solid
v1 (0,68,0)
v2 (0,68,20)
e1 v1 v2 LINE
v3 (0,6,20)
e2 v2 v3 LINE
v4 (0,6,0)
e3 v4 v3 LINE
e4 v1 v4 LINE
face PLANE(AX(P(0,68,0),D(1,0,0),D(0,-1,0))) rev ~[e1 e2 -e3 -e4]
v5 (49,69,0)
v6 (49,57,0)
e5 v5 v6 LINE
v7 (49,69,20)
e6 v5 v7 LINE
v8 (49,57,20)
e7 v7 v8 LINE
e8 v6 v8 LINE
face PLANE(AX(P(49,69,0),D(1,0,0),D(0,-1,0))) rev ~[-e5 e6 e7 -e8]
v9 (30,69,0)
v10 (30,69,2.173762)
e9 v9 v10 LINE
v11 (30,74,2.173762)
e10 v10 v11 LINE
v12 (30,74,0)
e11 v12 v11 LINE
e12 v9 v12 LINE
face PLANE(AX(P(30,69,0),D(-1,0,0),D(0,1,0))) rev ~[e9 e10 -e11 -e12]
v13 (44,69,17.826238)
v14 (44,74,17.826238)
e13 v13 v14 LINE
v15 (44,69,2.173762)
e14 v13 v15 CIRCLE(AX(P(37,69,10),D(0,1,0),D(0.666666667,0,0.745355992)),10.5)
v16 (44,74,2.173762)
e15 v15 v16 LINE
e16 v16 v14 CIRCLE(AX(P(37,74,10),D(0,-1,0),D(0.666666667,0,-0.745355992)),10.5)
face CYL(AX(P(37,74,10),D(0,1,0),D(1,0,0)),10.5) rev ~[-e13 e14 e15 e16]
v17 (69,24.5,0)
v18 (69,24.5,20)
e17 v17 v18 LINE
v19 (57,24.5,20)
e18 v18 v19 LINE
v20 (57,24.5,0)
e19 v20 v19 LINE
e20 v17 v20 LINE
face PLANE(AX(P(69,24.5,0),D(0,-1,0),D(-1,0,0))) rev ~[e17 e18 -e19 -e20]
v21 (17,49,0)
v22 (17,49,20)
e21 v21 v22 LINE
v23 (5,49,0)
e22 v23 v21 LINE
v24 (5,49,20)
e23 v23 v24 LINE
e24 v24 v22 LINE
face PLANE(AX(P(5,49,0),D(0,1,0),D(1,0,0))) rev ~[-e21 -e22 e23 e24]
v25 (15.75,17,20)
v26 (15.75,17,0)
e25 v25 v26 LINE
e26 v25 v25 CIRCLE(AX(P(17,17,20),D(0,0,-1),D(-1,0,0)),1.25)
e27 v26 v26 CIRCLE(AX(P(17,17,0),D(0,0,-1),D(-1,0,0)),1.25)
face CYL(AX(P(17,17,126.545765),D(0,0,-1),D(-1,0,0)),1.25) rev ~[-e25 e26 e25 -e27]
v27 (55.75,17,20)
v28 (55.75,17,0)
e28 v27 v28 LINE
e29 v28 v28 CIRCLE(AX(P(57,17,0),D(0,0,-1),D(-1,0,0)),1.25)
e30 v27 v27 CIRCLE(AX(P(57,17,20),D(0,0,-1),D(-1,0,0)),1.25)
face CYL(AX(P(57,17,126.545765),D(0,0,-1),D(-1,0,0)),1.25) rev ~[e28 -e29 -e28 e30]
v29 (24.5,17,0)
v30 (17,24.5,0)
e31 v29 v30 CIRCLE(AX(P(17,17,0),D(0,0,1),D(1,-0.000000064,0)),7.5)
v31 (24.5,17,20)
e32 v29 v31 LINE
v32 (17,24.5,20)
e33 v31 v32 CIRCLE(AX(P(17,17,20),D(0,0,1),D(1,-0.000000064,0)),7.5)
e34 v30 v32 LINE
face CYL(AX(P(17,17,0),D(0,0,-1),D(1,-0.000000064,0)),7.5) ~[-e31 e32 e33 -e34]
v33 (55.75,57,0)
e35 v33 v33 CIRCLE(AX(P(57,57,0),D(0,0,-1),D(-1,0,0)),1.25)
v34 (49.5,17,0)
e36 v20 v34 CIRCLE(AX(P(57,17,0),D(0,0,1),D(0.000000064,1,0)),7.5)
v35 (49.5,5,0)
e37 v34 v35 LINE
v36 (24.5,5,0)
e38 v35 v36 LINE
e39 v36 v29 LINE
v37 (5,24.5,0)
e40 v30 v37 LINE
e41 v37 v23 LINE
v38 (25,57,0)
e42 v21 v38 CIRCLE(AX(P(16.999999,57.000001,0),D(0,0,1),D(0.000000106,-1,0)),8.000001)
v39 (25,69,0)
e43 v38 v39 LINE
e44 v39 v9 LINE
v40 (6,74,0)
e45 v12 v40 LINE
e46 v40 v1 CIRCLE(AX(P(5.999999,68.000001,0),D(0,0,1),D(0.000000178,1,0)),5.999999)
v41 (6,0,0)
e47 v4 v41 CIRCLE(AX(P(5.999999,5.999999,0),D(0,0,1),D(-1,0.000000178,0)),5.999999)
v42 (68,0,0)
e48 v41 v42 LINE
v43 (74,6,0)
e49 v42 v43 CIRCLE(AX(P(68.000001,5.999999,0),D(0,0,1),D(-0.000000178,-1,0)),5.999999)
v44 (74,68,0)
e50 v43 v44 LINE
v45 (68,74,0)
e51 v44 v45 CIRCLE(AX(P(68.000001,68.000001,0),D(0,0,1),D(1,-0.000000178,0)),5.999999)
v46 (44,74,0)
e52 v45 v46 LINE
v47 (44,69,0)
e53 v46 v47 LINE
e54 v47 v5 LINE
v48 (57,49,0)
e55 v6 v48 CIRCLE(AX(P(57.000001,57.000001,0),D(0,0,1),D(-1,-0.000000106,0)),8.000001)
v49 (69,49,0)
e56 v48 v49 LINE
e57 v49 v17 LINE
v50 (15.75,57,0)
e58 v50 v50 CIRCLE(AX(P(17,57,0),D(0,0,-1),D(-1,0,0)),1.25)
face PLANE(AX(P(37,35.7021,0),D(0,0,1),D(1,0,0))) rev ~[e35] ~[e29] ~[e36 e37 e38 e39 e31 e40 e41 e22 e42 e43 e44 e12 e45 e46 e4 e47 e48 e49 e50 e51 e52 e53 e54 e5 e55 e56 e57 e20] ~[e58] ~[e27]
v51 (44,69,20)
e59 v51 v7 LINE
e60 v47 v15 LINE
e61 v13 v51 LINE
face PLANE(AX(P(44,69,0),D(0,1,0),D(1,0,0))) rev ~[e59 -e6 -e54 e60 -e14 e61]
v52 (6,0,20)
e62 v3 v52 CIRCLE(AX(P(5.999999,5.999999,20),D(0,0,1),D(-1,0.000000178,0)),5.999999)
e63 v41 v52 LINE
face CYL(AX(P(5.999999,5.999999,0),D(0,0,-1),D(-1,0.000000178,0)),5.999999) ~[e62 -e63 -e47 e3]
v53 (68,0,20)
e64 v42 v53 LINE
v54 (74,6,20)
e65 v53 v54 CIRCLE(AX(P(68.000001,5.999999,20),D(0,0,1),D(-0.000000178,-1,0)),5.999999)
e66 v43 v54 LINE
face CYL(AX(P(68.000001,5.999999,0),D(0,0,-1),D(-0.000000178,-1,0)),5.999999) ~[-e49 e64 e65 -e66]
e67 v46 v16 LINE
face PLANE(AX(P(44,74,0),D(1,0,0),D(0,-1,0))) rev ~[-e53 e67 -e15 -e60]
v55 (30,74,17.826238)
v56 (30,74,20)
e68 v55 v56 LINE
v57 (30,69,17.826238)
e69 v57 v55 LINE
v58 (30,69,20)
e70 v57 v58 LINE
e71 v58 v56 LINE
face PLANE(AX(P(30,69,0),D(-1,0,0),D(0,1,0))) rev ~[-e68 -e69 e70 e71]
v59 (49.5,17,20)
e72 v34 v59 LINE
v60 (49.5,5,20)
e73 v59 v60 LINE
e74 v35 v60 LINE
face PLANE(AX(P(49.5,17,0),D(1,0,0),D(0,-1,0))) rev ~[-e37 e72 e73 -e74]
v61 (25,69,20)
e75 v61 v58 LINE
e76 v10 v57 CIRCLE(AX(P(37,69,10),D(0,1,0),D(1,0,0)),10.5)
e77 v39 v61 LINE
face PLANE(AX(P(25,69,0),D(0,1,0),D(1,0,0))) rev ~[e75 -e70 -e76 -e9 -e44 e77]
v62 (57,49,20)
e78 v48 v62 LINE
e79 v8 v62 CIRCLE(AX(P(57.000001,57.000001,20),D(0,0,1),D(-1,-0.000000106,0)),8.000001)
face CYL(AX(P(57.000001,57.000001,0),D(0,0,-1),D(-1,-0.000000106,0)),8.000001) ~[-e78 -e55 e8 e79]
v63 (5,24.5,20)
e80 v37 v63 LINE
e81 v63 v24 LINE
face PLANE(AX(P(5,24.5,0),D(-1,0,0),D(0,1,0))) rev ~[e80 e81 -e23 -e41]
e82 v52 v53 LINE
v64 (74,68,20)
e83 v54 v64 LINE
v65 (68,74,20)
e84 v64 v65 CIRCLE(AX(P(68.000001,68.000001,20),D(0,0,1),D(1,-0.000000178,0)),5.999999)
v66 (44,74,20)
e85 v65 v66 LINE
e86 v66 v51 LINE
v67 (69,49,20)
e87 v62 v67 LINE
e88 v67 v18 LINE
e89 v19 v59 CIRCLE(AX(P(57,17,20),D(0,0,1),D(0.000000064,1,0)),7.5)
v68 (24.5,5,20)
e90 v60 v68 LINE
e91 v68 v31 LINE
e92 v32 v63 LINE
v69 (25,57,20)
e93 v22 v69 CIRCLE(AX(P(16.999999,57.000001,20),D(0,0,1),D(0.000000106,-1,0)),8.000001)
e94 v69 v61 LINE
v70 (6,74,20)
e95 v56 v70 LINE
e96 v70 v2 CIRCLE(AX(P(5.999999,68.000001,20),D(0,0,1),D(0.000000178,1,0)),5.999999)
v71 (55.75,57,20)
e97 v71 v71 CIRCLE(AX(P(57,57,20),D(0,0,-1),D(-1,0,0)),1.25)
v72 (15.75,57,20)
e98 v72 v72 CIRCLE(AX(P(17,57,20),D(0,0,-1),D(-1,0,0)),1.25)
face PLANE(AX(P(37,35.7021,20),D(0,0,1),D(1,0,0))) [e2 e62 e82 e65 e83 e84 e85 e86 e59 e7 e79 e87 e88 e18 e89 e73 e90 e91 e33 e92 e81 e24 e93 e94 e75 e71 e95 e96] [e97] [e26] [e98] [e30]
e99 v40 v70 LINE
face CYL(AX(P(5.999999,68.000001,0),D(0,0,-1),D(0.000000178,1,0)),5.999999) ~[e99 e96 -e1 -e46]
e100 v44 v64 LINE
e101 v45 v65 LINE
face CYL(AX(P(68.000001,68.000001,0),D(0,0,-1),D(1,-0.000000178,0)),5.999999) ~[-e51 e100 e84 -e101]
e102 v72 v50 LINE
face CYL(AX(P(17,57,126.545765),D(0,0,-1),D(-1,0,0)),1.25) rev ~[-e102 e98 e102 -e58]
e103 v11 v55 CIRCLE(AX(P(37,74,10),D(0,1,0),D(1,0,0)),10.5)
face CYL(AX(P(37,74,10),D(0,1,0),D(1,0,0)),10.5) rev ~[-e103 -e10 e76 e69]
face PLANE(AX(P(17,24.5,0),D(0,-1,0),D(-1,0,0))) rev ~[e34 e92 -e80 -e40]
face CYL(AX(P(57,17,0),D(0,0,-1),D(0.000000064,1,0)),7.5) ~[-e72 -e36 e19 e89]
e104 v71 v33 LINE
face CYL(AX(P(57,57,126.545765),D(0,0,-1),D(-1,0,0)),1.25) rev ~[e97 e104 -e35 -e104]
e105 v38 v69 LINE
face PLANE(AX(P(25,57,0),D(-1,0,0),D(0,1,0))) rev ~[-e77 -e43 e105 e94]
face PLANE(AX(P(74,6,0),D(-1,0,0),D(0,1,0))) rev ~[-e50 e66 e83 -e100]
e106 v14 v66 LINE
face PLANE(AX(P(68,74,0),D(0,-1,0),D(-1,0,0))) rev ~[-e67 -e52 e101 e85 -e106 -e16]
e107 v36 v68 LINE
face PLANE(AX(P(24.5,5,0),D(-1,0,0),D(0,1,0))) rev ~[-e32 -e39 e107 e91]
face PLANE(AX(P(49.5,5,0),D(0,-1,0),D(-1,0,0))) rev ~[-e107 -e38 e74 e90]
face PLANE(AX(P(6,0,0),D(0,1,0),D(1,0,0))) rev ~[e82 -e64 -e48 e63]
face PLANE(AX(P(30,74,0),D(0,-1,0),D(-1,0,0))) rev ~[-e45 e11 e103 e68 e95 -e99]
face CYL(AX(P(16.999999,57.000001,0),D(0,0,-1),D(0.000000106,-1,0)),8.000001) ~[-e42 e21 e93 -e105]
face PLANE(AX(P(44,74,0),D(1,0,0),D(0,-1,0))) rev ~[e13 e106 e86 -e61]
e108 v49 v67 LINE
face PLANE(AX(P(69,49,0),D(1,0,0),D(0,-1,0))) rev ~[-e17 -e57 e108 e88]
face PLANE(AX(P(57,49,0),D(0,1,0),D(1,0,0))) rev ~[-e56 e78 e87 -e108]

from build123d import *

# Parameters (mm, degrees)
F1_DEPTH = 20
F3_DEPTH = 25
F6_D     = 2.5


with BuildPart() as f1:
    # F0 (on Top) → F1 (new body)
    with BuildSketch(Plane.XY):
        with BuildLine():
            Line((0, 68), (0, 6))
            ThreePointArc((0, 6), (1.757359, 1.757359), (6, 0))
            Line((6, 0), (37, 0))
            Line((37, 0), (68, 0))
            ThreePointArc((68, 0), (72.242641, 1.757359), (74, 6))
            Line((74, 6), (74, 68))
            ThreePointArc((74, 68), (72.242641, 72.242641), (68, 74))
            Line((68, 74), (44, 74))
            Line((44, 74), (44, 69))
            Line((44, 69), (49, 69))
            Line((49, 69), (49, 57))
            ThreePointArc((49, 57), (51.343146, 51.343146), (57, 49))
            Line((57, 49), (69, 49))
            Line((69, 49), (69, 24.5))
            Line((69, 24.5), (57, 24.5))
            ThreePointArc((57, 24.5), (51.696699, 22.303301), (49.5, 17))
            Line((49.5, 17), (49.5, 5))
            Line((49.5, 5), (24.5, 5))
            Line((24.5, 5), (24.5, 17))
            ThreePointArc((24.5, 17), (22.303301, 22.303301), (17, 24.5))
            Line((17, 24.5), (5, 24.5))
            Line((5, 24.5), (5, 49))
            Line((5, 49), (17, 49))
            ThreePointArc((17, 49), (22.656854, 51.343146), (25, 57))
            Line((25, 57), (25, 69))
            Line((25, 69), (30, 69))
            Line((30, 69), (30, 74))
            Line((30, 74), (6, 74))
            ThreePointArc((6, 74), (1.757359, 72.242641), (0, 68))
        make_face()
    extrude(amount=F1_DEPTH)


with BuildPart() as f3:
    # F2 (on face) → F3 (new body)
    with BuildSketch(Plane(origin=(0, 74, 0), x_dir=(-1, 0, 0), z_dir=(0, 1, 0))):
        with BuildLine():
            ThreePointArc((-26.5, 10), (-37, 20.5), (-47.5, 10))
            Line((-47.5, 10), (-26.5, 10))
        make_face()
        with BuildLine():
            Line((-26.5, 10), (-47.5, 10))
            ThreePointArc((-47.5, 10), (-37, -0.5), (-26.5, 10))
        make_face()
    extrude(amount=-F3_DEPTH)


with BuildPart() as f1_1:
    add(f1.part)

    # F4: cut F3
    add(f3.part, mode=Mode.SUBTRACT)

    # F6 (through all)
    with Locations(Plane.XY.offset(20)):
        with Locations((17, 57), (57, 57), (57, 17), (17, 17)):
            Hole(F6_D / 2)


solid = f1_1.part
